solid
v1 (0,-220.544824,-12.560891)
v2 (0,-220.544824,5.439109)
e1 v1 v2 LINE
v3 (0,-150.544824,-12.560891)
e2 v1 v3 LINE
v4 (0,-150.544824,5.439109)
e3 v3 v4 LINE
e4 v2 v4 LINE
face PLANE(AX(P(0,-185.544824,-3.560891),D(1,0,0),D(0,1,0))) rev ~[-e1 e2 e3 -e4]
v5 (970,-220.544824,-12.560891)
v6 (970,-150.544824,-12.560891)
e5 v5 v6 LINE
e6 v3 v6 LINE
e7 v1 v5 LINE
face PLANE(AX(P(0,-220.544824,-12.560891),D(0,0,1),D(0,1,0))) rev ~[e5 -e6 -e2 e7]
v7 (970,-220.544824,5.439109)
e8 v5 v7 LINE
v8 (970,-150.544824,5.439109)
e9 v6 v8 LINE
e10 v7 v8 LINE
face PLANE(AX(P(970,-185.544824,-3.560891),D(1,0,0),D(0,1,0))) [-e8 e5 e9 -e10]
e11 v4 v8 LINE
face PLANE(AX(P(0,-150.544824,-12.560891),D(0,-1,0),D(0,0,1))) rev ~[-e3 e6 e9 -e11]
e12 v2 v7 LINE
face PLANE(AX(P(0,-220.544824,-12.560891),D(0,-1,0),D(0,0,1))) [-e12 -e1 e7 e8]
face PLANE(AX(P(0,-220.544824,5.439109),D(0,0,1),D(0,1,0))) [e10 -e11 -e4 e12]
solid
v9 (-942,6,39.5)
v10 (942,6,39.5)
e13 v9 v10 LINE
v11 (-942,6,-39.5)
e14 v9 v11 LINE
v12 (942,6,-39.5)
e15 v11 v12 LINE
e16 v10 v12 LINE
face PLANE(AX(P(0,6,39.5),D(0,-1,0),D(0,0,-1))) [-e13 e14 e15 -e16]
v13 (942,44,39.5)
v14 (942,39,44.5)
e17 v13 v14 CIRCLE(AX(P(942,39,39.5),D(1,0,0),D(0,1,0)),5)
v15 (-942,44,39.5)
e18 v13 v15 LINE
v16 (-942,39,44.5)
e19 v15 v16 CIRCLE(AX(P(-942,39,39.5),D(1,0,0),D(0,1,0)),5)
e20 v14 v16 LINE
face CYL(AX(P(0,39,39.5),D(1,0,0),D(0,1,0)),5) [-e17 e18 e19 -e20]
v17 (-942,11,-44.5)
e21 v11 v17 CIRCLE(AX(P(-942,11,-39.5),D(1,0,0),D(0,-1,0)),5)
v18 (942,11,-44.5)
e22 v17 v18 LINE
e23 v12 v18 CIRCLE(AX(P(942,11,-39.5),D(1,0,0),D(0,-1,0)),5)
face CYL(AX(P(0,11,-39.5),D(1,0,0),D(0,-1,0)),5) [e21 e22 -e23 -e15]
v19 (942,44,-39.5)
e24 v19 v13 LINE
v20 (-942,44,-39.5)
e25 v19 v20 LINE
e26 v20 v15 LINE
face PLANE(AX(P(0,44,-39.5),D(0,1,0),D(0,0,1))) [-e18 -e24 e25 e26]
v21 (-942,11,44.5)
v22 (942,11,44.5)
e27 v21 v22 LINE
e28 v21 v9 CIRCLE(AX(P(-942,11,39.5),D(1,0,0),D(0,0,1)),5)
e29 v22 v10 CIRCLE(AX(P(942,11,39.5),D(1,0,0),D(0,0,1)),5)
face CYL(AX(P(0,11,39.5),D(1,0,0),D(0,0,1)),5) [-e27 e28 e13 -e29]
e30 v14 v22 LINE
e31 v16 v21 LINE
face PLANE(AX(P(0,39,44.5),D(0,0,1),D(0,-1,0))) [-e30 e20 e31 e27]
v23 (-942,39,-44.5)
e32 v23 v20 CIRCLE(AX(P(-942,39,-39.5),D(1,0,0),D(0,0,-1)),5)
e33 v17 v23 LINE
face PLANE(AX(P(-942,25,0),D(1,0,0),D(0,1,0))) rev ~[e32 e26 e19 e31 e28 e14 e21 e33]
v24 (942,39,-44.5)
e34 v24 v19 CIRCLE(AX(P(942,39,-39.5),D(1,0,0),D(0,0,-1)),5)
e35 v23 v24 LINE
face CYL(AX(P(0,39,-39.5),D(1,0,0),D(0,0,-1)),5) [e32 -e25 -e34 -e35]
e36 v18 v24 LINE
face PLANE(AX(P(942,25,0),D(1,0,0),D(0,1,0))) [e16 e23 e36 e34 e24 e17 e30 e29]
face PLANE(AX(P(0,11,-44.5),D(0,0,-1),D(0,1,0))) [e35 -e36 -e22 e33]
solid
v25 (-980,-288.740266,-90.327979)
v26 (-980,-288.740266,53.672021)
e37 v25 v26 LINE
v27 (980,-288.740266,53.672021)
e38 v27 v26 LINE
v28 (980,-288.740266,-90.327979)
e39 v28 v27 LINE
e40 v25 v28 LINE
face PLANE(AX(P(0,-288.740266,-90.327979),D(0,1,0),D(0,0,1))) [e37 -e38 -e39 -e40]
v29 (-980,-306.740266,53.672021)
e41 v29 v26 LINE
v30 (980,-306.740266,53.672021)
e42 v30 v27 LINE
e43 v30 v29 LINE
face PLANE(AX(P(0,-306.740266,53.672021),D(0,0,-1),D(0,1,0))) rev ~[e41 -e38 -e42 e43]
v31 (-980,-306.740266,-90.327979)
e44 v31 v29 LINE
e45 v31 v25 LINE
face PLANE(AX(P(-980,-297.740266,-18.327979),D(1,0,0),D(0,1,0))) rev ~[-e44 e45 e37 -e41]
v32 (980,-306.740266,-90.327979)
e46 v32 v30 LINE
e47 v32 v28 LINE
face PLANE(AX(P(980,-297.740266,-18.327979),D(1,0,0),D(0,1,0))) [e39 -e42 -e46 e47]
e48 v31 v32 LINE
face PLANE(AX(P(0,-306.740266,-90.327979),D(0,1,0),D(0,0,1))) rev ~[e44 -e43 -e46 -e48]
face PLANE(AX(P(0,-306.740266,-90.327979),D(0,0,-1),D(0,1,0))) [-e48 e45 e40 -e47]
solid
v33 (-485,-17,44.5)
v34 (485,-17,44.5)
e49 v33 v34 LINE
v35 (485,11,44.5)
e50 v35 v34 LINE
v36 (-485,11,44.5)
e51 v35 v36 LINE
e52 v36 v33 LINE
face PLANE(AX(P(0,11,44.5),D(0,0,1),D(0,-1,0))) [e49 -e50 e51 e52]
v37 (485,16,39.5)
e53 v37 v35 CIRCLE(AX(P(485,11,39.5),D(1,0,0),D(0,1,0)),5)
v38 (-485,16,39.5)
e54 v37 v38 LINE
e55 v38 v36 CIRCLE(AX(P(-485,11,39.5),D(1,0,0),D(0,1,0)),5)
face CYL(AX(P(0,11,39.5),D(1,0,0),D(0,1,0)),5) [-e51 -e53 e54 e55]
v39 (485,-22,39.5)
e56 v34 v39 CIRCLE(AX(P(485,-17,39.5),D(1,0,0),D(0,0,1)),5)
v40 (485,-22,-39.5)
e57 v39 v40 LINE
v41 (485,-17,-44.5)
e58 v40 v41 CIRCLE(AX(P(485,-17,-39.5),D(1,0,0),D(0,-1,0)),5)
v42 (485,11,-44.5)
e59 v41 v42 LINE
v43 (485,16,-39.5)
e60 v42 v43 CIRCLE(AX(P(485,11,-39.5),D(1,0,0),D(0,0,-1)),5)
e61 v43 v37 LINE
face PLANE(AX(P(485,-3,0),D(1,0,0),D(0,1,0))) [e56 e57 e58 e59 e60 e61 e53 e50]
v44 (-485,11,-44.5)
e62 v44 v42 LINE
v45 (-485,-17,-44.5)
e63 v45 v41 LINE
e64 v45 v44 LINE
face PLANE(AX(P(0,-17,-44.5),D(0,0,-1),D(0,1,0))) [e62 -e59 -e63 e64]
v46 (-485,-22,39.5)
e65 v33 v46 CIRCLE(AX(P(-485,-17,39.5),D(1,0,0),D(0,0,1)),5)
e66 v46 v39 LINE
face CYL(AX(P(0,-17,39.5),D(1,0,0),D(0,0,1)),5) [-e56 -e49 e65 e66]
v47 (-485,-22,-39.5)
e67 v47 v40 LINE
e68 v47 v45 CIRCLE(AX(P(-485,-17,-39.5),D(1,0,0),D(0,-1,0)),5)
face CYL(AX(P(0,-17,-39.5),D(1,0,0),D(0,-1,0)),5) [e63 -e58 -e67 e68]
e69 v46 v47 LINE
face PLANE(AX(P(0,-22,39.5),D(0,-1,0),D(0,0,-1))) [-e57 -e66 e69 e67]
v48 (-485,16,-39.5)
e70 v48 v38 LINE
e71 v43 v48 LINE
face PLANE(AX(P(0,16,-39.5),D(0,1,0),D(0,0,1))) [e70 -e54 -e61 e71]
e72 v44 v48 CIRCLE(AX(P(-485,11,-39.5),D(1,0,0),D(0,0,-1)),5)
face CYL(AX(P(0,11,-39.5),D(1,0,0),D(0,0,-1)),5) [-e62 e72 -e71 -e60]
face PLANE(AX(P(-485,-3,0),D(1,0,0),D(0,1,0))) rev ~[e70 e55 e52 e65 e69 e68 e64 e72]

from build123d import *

# Parameters (mm, degrees)
F1_DEPTH = 942
F2_W     = 18
F2_H     = 144
F3_DEPTH = 980
F5_DEPTH = 485
F6_W     = 70
F6_H     = 18
F7_DEPTH = 970


with BuildPart() as f1:
    # F0 (on Right) → F1 (new body, symmetric)
    with BuildSketch(Plane.YZ):
        with BuildLine():
            Line((39, 44.5), (11, 44.5))
            ThreePointArc((11, 44.5), (7.4644660941, 43.0355339059), (6, 39.5))
            Line((6, 39.5), (6, -39.5))
            ThreePointArc((6, -39.5), (7.4644660941, -43.0355339059), (11, -44.5))
            Line((11, -44.5), (39, -44.5))
            ThreePointArc((39, -44.5), (42.5355339059, -43.0355339059), (44, -39.5))
            Line((44, -39.5), (44, 39.5))
            ThreePointArc((44, 39.5), (42.5355339059, 43.0355339059), (39, 44.5))
        make_face()
    extrude(amount=F1_DEPTH, both=True)


with BuildPart() as f3:
    # F2 (on Right) → F3 (new body, symmetric)
    with BuildSketch(Plane.YZ):
        with Locations((-297.740265727, -18.3279789912)):
            Rectangle(F2_W, F2_H)
    extrude(amount=F3_DEPTH, both=True)


with BuildPart() as f5:
    # F4 (on Right) → F5 (new body, symmetric)
    with BuildSketch(Plane.YZ):
        with BuildLine():
            Line((11, 44.5), (-17, 44.5))
            ThreePointArc((-17, 44.5), (-20.5355339059, 43.0355339059), (-22, 39.5))
            Line((-22, 39.5), (-22, -39.5))
            ThreePointArc((-22, -39.5), (-20.5355339059, -43.0355339059), (-17, -44.5))
            Line((-17, -44.5), (11, -44.5))
            ThreePointArc((11, -44.5), (14.5355339059, -43.0355339059), (16, -39.5))
            Line((16, -39.5), (16, 39.5))
            ThreePointArc((16, 39.5), (14.5355339059, 43.0355339059), (11, 44.5))
        make_face()
    extrude(amount=F5_DEPTH, both=True)


with BuildPart() as f7:
    # F6 (on Right) → F7 (new body)
    with BuildSketch(Plane.YZ):
        with Locations((-185.544824217, -3.5608911421)):
            Rectangle(F6_W, F6_H)
    extrude(amount=F7_DEPTH)


solid = Compound([f1.part, f3.part, f5.part, f7.part])
